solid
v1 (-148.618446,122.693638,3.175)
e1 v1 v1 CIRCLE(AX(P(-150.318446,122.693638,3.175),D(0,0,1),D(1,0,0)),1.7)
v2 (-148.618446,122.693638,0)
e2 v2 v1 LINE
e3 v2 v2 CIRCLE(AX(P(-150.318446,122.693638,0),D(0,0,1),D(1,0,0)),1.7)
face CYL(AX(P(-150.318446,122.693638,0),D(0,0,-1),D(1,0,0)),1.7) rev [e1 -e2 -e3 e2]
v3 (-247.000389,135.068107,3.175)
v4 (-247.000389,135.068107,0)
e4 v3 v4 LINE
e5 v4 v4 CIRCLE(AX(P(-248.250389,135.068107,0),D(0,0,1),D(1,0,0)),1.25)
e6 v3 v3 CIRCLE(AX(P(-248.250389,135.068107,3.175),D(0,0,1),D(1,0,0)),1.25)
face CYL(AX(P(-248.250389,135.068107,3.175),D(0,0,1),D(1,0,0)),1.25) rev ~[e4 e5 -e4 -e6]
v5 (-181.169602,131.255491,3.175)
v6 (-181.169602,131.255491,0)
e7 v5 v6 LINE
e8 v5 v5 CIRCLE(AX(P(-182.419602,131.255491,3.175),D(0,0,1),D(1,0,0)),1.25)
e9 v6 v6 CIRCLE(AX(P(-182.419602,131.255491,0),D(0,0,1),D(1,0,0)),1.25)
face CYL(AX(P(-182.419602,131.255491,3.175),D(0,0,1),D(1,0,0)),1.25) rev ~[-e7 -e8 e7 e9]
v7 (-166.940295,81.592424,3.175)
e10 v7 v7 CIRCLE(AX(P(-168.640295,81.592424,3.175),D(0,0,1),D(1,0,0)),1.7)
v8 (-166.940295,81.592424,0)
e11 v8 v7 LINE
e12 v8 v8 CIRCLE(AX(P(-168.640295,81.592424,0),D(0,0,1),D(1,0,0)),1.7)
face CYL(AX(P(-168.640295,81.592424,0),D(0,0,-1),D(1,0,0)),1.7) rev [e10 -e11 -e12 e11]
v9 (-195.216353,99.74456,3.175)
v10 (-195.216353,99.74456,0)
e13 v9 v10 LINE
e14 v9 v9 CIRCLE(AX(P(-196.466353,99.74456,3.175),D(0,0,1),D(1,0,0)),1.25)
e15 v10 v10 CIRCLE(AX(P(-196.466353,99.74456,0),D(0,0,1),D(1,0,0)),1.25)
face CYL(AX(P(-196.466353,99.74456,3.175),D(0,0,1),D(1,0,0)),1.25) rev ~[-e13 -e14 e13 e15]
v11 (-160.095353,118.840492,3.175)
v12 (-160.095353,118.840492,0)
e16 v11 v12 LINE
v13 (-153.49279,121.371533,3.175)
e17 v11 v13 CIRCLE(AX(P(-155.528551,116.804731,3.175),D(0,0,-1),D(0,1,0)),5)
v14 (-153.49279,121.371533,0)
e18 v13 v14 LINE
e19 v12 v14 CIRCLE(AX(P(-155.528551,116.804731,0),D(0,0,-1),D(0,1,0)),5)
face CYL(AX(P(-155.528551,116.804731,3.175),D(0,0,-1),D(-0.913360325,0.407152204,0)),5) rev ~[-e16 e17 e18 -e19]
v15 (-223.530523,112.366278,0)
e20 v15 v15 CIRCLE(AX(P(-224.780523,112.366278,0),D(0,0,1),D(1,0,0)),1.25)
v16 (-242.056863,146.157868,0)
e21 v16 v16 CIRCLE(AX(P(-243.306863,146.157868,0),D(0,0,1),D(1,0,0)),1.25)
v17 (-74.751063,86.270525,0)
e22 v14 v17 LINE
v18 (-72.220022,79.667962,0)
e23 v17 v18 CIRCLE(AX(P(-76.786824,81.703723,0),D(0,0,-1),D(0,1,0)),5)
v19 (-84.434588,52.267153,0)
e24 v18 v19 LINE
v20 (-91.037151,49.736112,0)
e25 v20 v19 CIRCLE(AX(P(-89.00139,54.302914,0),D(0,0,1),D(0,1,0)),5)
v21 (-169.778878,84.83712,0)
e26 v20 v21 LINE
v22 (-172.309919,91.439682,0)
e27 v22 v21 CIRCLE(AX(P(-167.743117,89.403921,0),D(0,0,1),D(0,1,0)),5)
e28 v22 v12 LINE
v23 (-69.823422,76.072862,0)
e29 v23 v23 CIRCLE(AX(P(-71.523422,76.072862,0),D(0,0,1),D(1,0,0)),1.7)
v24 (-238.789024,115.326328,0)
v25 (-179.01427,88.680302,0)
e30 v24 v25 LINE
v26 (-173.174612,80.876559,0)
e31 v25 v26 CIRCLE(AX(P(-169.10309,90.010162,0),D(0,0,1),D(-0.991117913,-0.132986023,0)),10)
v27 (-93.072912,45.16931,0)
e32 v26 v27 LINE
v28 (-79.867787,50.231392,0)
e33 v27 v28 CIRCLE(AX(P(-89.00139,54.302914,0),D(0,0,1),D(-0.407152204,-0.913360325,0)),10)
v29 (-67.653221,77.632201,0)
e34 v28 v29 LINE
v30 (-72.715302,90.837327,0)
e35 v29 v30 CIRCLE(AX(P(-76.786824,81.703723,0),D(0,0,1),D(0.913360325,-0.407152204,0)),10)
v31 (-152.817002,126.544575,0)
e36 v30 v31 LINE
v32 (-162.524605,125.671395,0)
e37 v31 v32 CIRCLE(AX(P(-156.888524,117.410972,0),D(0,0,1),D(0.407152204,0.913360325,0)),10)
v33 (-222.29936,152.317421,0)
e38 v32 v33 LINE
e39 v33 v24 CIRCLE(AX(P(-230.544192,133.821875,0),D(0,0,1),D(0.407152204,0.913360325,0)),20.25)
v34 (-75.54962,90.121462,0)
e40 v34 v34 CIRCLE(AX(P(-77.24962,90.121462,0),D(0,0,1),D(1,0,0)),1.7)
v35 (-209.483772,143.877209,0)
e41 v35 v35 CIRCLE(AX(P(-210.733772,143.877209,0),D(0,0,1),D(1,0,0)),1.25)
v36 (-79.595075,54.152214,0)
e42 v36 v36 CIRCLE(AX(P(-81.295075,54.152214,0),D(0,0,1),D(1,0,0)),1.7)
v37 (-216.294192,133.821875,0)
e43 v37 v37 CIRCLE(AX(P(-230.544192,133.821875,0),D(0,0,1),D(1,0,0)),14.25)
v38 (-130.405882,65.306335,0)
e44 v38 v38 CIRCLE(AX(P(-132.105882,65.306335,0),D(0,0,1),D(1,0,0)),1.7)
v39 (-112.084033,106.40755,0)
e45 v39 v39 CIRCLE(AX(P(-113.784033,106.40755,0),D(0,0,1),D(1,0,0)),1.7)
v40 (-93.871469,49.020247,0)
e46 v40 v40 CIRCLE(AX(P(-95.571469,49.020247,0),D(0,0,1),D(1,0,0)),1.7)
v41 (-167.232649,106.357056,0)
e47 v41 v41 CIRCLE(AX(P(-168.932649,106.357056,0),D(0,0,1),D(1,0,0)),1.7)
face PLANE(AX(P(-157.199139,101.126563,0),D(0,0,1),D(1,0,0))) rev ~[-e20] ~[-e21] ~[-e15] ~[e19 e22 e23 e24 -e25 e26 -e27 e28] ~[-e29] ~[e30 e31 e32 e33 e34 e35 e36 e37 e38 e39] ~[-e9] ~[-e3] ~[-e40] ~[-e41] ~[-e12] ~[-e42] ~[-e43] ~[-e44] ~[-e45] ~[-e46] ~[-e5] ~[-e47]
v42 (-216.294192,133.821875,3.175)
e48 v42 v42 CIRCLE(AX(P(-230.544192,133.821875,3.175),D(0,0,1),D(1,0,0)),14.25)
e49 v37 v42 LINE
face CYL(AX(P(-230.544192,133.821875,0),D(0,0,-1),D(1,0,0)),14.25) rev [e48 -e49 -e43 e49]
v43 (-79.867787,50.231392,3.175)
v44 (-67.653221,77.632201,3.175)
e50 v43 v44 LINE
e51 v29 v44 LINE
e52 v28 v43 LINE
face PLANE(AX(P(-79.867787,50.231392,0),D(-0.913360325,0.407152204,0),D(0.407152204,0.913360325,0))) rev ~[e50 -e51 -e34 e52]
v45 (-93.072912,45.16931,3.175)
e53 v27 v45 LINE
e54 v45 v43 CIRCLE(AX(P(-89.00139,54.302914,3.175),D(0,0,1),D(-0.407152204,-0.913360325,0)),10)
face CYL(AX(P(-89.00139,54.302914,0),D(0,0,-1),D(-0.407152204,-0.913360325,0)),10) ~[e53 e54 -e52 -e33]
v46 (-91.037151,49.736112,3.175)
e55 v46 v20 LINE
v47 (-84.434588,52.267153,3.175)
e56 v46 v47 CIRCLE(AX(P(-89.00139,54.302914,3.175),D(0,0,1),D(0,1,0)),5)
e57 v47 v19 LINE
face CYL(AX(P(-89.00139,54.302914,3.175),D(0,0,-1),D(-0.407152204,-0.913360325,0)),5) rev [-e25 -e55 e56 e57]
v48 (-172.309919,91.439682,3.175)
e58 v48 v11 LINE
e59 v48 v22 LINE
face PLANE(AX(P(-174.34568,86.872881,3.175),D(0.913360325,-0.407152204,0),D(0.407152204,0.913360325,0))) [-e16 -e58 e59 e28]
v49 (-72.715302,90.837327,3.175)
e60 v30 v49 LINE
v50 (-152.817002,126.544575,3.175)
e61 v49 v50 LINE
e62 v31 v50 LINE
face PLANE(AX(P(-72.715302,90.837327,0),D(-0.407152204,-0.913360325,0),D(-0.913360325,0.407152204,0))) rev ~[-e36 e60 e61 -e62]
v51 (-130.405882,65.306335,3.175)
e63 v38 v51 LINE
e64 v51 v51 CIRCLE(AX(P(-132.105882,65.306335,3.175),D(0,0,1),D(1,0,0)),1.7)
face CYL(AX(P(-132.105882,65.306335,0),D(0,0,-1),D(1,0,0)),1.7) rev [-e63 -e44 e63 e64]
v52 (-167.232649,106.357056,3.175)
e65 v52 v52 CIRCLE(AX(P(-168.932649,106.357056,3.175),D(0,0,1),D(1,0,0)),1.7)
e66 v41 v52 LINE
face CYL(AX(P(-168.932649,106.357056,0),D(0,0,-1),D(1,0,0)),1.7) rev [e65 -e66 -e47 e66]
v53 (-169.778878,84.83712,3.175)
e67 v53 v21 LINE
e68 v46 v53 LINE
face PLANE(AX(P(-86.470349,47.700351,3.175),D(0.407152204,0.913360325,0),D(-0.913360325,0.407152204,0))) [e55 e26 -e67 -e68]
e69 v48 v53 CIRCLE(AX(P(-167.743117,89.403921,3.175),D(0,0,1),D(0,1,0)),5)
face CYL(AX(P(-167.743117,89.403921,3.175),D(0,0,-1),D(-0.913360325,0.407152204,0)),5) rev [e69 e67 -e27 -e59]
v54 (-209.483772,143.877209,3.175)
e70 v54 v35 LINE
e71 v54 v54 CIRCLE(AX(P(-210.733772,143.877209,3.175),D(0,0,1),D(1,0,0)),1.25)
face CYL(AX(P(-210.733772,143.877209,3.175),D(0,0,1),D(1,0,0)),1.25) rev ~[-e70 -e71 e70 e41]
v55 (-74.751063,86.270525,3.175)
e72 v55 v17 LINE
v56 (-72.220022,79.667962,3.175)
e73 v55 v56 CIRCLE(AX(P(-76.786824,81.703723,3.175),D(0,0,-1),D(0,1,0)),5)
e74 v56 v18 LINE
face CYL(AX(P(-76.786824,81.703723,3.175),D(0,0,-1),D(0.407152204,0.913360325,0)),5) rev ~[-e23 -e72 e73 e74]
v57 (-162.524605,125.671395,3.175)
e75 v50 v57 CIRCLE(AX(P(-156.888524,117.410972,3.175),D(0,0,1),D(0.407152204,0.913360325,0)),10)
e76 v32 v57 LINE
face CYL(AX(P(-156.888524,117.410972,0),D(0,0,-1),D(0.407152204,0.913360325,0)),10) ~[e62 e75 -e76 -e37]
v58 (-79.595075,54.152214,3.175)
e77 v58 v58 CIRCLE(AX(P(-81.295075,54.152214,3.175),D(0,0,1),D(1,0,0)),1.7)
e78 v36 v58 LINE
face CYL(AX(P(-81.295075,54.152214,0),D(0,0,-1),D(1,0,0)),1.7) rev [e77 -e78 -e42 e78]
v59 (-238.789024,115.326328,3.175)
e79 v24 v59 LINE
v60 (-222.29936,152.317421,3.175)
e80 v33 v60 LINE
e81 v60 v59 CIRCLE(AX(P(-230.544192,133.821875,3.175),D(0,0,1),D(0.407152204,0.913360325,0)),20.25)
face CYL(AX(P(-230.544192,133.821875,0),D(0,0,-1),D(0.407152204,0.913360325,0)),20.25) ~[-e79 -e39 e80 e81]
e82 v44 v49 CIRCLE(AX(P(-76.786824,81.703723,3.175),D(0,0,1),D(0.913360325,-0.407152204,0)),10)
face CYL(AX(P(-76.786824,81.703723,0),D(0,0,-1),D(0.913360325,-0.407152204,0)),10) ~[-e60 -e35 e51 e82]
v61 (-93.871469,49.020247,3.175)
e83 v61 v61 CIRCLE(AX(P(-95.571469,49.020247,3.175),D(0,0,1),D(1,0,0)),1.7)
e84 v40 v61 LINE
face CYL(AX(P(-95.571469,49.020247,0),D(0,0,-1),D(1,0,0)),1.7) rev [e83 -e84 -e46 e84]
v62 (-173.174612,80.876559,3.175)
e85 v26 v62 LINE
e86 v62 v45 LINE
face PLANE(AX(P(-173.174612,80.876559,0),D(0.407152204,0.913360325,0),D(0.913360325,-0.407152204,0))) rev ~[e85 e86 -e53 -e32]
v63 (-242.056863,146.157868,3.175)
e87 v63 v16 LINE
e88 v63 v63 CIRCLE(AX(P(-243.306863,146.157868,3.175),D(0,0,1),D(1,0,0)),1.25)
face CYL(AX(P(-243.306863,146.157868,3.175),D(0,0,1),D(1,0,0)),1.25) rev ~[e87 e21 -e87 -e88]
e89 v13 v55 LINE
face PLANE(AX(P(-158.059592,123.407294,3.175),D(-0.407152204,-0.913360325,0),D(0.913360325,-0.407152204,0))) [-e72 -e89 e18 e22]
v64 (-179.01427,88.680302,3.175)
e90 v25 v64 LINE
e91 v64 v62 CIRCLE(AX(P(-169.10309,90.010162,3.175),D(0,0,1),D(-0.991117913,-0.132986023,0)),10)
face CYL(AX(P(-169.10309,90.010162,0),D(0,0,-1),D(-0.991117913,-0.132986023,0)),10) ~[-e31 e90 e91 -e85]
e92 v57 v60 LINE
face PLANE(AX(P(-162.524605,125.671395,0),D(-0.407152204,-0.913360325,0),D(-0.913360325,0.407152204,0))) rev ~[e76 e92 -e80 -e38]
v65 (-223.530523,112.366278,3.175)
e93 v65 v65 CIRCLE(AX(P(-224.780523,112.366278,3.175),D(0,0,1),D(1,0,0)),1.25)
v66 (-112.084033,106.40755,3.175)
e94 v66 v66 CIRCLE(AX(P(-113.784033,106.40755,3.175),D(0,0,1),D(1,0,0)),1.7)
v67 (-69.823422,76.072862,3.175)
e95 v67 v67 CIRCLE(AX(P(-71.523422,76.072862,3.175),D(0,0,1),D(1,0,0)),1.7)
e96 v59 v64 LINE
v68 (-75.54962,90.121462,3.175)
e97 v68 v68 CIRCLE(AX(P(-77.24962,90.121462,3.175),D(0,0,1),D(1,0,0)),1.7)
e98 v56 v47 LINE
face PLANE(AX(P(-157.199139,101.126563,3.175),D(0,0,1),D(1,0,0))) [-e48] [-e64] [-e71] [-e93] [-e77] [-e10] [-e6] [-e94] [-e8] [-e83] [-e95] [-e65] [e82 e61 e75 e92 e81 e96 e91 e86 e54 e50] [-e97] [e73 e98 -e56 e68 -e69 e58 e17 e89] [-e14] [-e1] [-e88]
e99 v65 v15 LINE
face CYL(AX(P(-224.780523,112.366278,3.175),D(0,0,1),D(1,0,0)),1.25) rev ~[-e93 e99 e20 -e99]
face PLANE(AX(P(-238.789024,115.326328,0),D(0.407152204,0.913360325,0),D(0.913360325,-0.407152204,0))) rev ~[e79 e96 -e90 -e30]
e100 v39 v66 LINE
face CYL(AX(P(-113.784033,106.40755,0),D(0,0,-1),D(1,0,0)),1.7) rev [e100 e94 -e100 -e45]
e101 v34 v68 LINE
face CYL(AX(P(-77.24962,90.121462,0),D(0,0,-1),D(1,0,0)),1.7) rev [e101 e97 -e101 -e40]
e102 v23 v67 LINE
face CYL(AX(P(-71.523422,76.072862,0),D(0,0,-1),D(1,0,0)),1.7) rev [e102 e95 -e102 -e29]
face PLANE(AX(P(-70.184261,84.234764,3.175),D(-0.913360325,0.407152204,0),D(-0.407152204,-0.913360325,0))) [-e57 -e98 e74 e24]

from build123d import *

# Parameters (mm, degrees)
SKETCH1_R           = 14.25
SKETCH1_R_2         = 1.7
BOSS_EXTRUDE1_DEPTH = 3.175
SKETCH5_R           = 1.25
CUT_EXTRUDE4_DEPTH  = 4.175
CUT_EXTRUDE5_DEPTH  = 10
FILLET1_R           = 5
FILLET2_R           = 5


with BuildPart() as part:
    # Sketch1 → Boss-Extrude1 (new body)
    with BuildSketch(Plane.XY):
        with BuildLine():
            Line((-72.715301765, 90.837326721), (-152.817002247, 126.544575004))
            ThreePointArc((-152.817002247, 126.544575004), (-157.784388135, 127.370762315), (-162.524605276, 125.671394934))
            Line((-162.524605276, 125.671394934), (-222.299360222, 152.317421212))
            ThreePointArc((-222.299360222, 152.317421212), (-249.039738928, 142.066706765), (-238.78902448, 115.326328059))
            Line((-238.78902448, 115.326328059), (-179.014269534, 88.680301782))
            ThreePointArc((-179.014269534, 88.680301782), (-177.109561802, 84.018800254), (-173.174612442, 80.876558766))
            Line((-173.174612442, 80.876558766), (-93.072911961, 45.169310483))
            ThreePointArc((-93.072911961, 45.169310483), (-85.421957972, 44.965480094), (-79.867786674, 50.231391692))
            Line((-79.867786674, 50.231391692), (-67.653220557, 77.632201435))
            ThreePointArc((-67.653220557, 77.632201435), (-67.449390168, 85.283155423), (-72.715301765, 90.837326721))
        make_face()
        with Locations((-230.544192351, 133.821874636)):
            Circle(SKETCH1_R, mode=Mode.SUBTRACT)
        with Locations((-95.571468701, 49.02024728)):
            Circle(SKETCH1_R_2, mode=Mode.SUBTRACT)
        with Locations((-132.105881692, 65.306335437)):
            Circle(SKETCH1_R_2, mode=Mode.SUBTRACT)
        with Locations((-168.640294682, 81.592423593)):
            Circle(SKETCH1_R_2, mode=Mode.SUBTRACT)
        with Locations((-150.318445506, 122.693638207)):
            Circle(SKETCH1_R_2, mode=Mode.SUBTRACT)
        with Locations((-113.784032516, 106.407550051)):
            Circle(SKETCH1_R_2, mode=Mode.SUBTRACT)
        with Locations((-77.249619525, 90.121461895)):
            Circle(SKETCH1_R_2, mode=Mode.SUBTRACT)
        with Locations((-81.295075004, 54.152214057)):
            Circle(SKETCH1_R_2, mode=Mode.SUBTRACT)
        with Locations((-71.52342211, 76.072861852)):
            Circle(SKETCH1_R_2, mode=Mode.SUBTRACT)
        with Locations((-168.932649456, 106.357056211)):
            Circle(SKETCH1_R_2, mode=Mode.SUBTRACT)
    extrude(amount=BOSS_EXTRUDE1_DEPTH)

    # Sketch5 → Cut-Extrude4 (cut, through all)
    with BuildSketch(Plane.XY.offset(3.175)):
        with Locations((-196.466353254, 99.744559857)):
            Circle(SKETCH5_R)
        with Locations((-224.780523322, 112.366278179)):
            Circle(SKETCH5_R)
        with Locations((-210.733772287, 143.877209383)):
            Circle(SKETCH5_R)
        with Locations((-182.419602219, 131.255491062)):
            Circle(SKETCH5_R)
        with Locations((-243.306863065, 146.157868161)):
            Circle(SKETCH5_R)
        with Locations((-248.250389122, 135.068107325)):
            Circle(SKETCH5_R)
    extrude(amount=-CUT_EXTRUDE4_DEPTH, mode=Mode.SUBTRACT)

    # Sketch6 → Cut-Extrude5 (cut)
    with BuildSketch(Plane.XY.offset(3.175)):
        Polygon((-158.059591703, 123.407293834), (-70.184261161, 84.234764078), (-86.470349317, 47.700351088), (-174.345679859, 86.872880843), align=None)
    extrude(amount=-CUT_EXTRUDE5_DEPTH, mode=Mode.SUBTRACT)

    # Fillet1
    fillet1_edges = [part.edges().sort_by_distance(p)[0] for p in [
        (-174.345679859, 86.872880843, 1.5875),
        (-158.059591703, 123.407293834, 1.5875),
    ]]
    fillet(fillet1_edges, radius=FILLET1_R)

    # Fillet2
    fillet2_edges = [part.edges().sort_by_distance(p)[0] for p in [
        (-70.184261161, 84.234764078, 1.5875),
        (-86.470349317, 47.700351088, 1.5875),
    ]]
    fillet(fillet2_edges, radius=FILLET2_R)


solid = part.part
